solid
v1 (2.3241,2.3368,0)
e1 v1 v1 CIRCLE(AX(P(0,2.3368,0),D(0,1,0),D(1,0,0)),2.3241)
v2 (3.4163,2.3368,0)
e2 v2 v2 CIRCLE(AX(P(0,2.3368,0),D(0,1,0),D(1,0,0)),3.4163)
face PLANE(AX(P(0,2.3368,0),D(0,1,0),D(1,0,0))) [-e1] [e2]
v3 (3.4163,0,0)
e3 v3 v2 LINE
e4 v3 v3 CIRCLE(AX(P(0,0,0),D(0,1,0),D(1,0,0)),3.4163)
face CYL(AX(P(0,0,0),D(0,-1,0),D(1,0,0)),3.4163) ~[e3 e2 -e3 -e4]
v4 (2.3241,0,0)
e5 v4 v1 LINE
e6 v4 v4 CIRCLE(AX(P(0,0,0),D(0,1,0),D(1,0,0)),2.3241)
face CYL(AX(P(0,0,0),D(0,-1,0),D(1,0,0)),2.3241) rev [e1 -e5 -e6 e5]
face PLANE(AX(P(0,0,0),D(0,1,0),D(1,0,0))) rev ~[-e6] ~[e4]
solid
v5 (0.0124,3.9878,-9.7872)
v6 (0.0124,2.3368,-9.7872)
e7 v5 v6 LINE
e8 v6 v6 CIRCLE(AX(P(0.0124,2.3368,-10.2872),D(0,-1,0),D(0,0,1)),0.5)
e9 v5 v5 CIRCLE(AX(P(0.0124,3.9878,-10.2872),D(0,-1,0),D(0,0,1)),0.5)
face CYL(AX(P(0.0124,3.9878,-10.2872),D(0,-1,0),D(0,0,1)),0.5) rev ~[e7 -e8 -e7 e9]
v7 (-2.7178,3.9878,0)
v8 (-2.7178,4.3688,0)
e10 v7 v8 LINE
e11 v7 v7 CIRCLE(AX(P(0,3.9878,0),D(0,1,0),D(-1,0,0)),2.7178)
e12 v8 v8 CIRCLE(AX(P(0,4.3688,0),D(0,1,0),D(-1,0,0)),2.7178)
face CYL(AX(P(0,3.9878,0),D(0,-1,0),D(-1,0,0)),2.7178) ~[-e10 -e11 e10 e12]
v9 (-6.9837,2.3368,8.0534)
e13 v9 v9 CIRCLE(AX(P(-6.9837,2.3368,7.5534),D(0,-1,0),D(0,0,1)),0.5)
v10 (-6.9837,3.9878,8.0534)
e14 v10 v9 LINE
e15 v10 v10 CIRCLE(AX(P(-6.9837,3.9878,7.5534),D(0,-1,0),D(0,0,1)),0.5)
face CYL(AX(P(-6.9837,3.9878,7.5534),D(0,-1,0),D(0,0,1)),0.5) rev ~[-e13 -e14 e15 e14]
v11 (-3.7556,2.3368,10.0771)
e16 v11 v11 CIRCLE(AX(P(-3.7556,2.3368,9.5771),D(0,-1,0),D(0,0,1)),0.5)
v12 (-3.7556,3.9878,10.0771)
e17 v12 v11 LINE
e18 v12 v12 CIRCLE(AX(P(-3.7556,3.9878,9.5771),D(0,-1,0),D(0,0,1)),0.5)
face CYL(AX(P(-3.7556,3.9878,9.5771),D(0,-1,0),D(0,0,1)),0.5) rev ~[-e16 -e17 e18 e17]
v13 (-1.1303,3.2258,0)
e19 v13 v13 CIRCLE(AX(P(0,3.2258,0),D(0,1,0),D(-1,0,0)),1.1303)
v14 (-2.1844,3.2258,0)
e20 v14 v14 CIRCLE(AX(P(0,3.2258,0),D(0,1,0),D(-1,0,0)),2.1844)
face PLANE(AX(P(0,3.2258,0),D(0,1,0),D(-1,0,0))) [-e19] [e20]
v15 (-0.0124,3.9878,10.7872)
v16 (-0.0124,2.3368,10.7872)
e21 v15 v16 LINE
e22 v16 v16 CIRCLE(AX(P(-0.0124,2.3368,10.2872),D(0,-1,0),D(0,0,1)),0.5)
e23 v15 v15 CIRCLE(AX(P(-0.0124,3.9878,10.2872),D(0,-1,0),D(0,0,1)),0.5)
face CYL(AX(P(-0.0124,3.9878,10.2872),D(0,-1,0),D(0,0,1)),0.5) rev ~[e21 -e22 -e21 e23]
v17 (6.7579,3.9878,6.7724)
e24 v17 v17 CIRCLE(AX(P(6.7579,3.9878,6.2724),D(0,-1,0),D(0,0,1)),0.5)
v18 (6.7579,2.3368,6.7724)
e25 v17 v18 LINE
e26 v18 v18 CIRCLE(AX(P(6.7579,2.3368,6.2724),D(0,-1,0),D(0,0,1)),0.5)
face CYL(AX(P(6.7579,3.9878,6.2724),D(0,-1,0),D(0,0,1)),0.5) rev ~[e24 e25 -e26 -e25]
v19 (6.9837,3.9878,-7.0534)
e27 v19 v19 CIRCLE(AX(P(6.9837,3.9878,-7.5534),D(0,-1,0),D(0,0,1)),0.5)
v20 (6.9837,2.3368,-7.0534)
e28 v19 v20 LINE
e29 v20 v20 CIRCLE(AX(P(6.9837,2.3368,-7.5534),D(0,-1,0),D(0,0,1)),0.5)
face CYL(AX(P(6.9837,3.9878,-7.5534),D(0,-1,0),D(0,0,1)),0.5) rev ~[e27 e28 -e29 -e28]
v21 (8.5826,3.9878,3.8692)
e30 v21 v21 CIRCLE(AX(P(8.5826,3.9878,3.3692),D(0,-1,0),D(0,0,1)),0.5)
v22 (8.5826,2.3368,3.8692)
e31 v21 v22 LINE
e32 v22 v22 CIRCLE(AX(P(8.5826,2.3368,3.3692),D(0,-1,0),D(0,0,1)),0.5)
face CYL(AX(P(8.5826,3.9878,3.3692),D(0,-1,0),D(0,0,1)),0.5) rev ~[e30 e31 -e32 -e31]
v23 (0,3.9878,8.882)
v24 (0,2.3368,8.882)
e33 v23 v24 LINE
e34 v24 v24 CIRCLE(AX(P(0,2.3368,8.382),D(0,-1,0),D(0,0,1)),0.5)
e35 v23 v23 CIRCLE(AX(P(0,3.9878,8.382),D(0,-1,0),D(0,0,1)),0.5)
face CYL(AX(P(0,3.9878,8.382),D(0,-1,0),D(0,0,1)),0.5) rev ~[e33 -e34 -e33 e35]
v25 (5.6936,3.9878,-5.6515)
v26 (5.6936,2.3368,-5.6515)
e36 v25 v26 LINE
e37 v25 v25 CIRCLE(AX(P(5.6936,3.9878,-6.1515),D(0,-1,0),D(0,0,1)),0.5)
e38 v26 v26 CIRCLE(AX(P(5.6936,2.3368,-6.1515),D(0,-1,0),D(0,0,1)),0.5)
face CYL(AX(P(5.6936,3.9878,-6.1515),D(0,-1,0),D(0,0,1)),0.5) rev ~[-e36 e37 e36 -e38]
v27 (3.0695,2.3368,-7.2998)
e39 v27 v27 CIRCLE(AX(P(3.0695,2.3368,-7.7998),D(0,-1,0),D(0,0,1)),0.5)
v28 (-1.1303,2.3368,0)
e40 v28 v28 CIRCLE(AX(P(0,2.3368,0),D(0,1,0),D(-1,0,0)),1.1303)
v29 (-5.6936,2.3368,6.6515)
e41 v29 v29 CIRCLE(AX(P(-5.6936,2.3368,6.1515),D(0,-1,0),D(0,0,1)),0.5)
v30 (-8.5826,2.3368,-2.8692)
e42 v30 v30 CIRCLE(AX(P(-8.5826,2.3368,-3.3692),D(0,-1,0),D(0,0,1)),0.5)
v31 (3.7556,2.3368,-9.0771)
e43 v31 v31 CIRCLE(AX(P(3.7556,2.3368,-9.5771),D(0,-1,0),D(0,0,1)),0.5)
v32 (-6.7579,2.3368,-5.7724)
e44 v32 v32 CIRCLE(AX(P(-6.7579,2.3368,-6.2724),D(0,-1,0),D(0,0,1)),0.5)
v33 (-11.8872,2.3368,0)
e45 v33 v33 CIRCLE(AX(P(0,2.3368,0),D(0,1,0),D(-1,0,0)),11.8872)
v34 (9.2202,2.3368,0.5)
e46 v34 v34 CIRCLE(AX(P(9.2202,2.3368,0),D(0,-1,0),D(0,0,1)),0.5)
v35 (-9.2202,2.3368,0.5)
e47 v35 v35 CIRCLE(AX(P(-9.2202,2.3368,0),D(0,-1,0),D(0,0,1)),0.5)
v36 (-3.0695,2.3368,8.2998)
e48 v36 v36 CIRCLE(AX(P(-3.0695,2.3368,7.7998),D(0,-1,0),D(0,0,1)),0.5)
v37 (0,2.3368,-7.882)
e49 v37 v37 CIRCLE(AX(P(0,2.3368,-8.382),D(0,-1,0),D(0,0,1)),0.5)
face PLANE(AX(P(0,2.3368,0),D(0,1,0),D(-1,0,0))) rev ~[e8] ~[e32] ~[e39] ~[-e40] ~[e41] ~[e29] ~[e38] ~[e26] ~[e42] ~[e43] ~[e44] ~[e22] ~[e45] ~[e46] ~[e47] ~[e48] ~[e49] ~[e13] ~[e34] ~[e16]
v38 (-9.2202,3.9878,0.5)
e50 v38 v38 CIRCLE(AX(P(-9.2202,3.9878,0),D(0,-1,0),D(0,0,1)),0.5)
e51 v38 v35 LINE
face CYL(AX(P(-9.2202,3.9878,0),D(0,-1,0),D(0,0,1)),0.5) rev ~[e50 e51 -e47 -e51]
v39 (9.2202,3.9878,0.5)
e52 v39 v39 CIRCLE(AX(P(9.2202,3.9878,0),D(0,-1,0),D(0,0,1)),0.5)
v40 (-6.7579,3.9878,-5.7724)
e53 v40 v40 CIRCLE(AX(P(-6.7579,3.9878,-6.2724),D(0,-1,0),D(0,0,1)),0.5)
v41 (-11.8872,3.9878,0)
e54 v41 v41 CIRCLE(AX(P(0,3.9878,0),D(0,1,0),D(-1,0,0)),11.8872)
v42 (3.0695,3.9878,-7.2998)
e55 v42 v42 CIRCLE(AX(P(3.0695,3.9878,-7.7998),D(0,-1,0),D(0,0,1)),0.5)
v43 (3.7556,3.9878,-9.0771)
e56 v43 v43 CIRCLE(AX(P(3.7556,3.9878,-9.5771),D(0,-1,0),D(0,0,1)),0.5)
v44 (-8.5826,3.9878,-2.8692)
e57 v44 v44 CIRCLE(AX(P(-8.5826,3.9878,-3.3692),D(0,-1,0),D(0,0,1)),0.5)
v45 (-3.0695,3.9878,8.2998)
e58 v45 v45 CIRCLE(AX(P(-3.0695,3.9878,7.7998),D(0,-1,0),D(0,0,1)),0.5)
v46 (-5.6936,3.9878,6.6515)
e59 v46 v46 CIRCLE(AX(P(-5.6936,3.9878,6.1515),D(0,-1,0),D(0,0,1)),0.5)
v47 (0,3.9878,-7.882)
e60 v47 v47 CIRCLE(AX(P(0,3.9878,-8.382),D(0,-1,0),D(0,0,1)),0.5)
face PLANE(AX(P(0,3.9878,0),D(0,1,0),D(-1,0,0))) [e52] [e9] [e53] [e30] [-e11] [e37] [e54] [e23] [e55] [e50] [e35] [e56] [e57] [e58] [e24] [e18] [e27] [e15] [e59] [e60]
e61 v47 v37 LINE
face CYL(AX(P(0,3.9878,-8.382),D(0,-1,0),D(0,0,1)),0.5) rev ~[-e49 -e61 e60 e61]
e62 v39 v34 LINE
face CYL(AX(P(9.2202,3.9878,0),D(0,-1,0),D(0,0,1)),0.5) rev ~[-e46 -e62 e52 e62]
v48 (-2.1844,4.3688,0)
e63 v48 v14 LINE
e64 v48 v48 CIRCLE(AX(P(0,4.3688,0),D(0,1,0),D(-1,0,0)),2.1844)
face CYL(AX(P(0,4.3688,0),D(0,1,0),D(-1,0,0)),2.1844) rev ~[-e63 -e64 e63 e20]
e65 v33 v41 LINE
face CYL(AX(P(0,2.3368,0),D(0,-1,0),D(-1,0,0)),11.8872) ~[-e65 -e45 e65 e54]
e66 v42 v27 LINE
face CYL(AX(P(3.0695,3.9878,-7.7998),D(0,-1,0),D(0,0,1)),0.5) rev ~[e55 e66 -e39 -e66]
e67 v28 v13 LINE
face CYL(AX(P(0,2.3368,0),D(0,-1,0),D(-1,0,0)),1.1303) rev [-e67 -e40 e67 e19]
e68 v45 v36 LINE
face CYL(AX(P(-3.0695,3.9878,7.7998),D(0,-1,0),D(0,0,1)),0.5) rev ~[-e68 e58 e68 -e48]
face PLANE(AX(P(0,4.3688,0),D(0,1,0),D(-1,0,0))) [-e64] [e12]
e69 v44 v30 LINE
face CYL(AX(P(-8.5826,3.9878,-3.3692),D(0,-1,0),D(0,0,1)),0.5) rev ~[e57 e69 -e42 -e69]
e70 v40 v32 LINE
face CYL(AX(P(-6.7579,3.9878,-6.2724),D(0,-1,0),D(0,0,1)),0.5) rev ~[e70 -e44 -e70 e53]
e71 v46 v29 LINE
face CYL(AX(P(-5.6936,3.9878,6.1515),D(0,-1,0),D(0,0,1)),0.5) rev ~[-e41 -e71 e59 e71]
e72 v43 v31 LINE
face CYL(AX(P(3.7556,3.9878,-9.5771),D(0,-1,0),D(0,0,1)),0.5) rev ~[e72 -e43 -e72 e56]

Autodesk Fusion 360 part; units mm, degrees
sketch "Sketch1" plane through (0, 0, 0) normal (0, 1, 0) x (1, 0, 0)
  circle A0 centre (0, 0) radius 3.4163
  circle A1 centre (0, 0) radius 2.3241
  dimension "d1" = 6.8326
  dimension "d2" = 4.6482
extrude "Extrude1" add sketch "Sketch1" along normal blind 2.3368 makes body 1
sketch "Sketch2" plane through (0, 2.3368, 0) normal (0, 1, 0) x (-1, 0, 0)
  circle A0 centre (0, 0) radius 2.3241
  circle A1 centre (0, 0) radius 3.4163
  circle A2 centre (0, 0) radius 11.8872
  circle A3 centre (0, 0) radius 1.1303
  dimension "d5" = 23.7744
  dimension "d6" = 2.2606
extrude "Extrude2" add sketch "Sketch2" along normal blind 1.651 separate body contours A0 | A1 | A2 makes body 2
sketch "Sketch3" plane through (0, 3.9878, 0) normal (0, 1, 0) x (-1, 0, 0)
  circle A0 centre (0, 0) radius 1.1303
  circle A1 centre (0, 0) radius 11.8872
  circle A2 centre (0, 0) radius 2.7178
  circle A3 centre (0, 0) radius 2.1844
  dimension "d9" = 5.4356
  dimension "d10" = 4.3688
extrude "Extrude3" add sketch "Sketch3" along normal blind 0.381 contours A2 bodies 2
sketch "Sketch4" plane through (0, 3.9878, 0) normal (0, 1, 0) x (-1, 0, 0)
  circle A0 centre (0, 0) radius 11.8872
  circle A1 centre (0, 0) radius 2.7178
  circle A2 centre (0, 0) radius 10.2872 construction
  circle A3 centre (0, 0) radius 9.2202 construction
  circle A4 centre (0, 0) radius 8.382 construction
  line L0 (0, 2.7178) -> (0, -10.795) construction
  circle A5 centre (-0.0124, -10.2872) radius 0.508
  circle A6 centre (0, -8.382) radius 0.508
  circle A7 centre (0, 0) radius 11.8872 construction
  line L1 (0, -10.795) -> (0, -11.8872) construction
  line L2 (0, -11.8872) -> (0, -8.89) construction
  circle A8 centre (-3.0695, -7.7998) radius 0.508
  circle A9 centre (-3.7556, -9.5771) radius 0.508
  circle A10 centre (-5.6936, -6.1515) radius 0.508
  circle A11 centre (-6.9837, -7.5534) radius 0.508
  line L3 (0.4991, -8.4767) -> (-3.5686, -7.7051) construction
  line L4 (0.4867, -10.3818) -> (-4.2547, -9.4824) construction
  line L5 (-2.6393, -8.07) -> (-6.1237, -5.8813) construction
  line L6 (-3.3252, -9.8469) -> (-7.4141, -7.2835) construction
  line L7 (0, 0) -> (-11.8872, 0) construction
  circle A12 centre (-9.2202, 0) radius 0.508
  line L8 (-11.8872, 0) -> (-9.7282, 0) construction
  circle A13 centre (-8.5826, 3.3692) radius 0.508
  circle A14 centre (-6.7579, 6.2724) radius 0.508
  line L9 (-9.3147, -0.4991) -> (-8.4881, 3.8683) construction
  line L10 (-8.8529, 2.9391) -> (-6.4876, 6.7025) construction
  circle A15 centre (0.0124, 10.2872) radius 0.508
  circle A16 centre (0, 8.382) radius 0.508
  circle A17 centre (3.7556, 9.5771) radius 0.508
  circle A18 centre (3.0695, 7.7998) radius 0.508
  circle A19 centre (6.9837, 7.5534) radius 0.508
  circle A20 centre (5.6936, 6.1515) radius 0.508
  circle A21 centre (9.2202, 0) radius 0.508
  circle A22 centre (8.5826, -3.3692) radius 0.508
  circle A23 centre (6.7579, -6.2724) radius 0.508
  dimension "d13" = 1.016
  dimension "d14" = 1.016
  dimension "d16" = 1.0922
  dimension "d17" = 2.9972
  dimension "d18" = 1.016
  dimension "d19" = 1.016
  dimension "d20" = 1.016
  dimension "d21" = 1.016
  dimension "d22" = 4.1402
  dimension "d23" = 4.826
  dimension "d24" = 4.1148
  dimension "d25" = 4.826
  dimension "d26" = 1.016
  dimension "d27" = 2.159
  dimension "d28" = 1.016
  dimension "d29" = 1.016
  dimension "d30" = 4.445
  dimension "d31" = 4.445
  dimension "d32" = 1.016
  dimension "d33" = 1.016
  dimension "d34" = 1.016
  dimension "d35" = 1.016
  dimension "d36" = 1.016
  dimension "d37" = 1.016
  dimension "d38" = 1.016
  dimension "d39" = 1.016
  dimension "d40" = 1.016
hole "Hole1" at (0.0124, 3.9878, -10.2872) at (0, 3.9878, -8.382) at (3.7556, 3.9878, -9.5771) at (3.0695, 3.9878, -7.7998) at (6.9837, 3.9878, -7.5534) at (5.6936, 3.9878, -6.1515) at (9.2202, 3.9878, 0) at (8.5826, 3.9878, 3.3692) at (6.7579, 3.9878, 6.2724) at (-0.0124, 3.9878, 10.2872) at (0, 3.9878, 8.382) at (-3.0695, 3.9878, 7.7998) at (-3.7556, 3.9878, 9.5771) at (-6.9837, 3.9878, 7.5534) at (-5.6936, 3.9878, 6.1515) at (-9.2202, 3.9878, 0) at (-8.5826, 3.9878, -3.3692) at (-6.7579, 3.9878, -6.2724) direction (0, -1, 0) diameter 1 end through all bodies 2 2
extrude "Extrude4" cut 1 faces at (-1.8207, 3.9878, -0.1647) along direction (0, -1, 0) blind 1.143 from surface at -0.381 on bodies 2 bodies 2
